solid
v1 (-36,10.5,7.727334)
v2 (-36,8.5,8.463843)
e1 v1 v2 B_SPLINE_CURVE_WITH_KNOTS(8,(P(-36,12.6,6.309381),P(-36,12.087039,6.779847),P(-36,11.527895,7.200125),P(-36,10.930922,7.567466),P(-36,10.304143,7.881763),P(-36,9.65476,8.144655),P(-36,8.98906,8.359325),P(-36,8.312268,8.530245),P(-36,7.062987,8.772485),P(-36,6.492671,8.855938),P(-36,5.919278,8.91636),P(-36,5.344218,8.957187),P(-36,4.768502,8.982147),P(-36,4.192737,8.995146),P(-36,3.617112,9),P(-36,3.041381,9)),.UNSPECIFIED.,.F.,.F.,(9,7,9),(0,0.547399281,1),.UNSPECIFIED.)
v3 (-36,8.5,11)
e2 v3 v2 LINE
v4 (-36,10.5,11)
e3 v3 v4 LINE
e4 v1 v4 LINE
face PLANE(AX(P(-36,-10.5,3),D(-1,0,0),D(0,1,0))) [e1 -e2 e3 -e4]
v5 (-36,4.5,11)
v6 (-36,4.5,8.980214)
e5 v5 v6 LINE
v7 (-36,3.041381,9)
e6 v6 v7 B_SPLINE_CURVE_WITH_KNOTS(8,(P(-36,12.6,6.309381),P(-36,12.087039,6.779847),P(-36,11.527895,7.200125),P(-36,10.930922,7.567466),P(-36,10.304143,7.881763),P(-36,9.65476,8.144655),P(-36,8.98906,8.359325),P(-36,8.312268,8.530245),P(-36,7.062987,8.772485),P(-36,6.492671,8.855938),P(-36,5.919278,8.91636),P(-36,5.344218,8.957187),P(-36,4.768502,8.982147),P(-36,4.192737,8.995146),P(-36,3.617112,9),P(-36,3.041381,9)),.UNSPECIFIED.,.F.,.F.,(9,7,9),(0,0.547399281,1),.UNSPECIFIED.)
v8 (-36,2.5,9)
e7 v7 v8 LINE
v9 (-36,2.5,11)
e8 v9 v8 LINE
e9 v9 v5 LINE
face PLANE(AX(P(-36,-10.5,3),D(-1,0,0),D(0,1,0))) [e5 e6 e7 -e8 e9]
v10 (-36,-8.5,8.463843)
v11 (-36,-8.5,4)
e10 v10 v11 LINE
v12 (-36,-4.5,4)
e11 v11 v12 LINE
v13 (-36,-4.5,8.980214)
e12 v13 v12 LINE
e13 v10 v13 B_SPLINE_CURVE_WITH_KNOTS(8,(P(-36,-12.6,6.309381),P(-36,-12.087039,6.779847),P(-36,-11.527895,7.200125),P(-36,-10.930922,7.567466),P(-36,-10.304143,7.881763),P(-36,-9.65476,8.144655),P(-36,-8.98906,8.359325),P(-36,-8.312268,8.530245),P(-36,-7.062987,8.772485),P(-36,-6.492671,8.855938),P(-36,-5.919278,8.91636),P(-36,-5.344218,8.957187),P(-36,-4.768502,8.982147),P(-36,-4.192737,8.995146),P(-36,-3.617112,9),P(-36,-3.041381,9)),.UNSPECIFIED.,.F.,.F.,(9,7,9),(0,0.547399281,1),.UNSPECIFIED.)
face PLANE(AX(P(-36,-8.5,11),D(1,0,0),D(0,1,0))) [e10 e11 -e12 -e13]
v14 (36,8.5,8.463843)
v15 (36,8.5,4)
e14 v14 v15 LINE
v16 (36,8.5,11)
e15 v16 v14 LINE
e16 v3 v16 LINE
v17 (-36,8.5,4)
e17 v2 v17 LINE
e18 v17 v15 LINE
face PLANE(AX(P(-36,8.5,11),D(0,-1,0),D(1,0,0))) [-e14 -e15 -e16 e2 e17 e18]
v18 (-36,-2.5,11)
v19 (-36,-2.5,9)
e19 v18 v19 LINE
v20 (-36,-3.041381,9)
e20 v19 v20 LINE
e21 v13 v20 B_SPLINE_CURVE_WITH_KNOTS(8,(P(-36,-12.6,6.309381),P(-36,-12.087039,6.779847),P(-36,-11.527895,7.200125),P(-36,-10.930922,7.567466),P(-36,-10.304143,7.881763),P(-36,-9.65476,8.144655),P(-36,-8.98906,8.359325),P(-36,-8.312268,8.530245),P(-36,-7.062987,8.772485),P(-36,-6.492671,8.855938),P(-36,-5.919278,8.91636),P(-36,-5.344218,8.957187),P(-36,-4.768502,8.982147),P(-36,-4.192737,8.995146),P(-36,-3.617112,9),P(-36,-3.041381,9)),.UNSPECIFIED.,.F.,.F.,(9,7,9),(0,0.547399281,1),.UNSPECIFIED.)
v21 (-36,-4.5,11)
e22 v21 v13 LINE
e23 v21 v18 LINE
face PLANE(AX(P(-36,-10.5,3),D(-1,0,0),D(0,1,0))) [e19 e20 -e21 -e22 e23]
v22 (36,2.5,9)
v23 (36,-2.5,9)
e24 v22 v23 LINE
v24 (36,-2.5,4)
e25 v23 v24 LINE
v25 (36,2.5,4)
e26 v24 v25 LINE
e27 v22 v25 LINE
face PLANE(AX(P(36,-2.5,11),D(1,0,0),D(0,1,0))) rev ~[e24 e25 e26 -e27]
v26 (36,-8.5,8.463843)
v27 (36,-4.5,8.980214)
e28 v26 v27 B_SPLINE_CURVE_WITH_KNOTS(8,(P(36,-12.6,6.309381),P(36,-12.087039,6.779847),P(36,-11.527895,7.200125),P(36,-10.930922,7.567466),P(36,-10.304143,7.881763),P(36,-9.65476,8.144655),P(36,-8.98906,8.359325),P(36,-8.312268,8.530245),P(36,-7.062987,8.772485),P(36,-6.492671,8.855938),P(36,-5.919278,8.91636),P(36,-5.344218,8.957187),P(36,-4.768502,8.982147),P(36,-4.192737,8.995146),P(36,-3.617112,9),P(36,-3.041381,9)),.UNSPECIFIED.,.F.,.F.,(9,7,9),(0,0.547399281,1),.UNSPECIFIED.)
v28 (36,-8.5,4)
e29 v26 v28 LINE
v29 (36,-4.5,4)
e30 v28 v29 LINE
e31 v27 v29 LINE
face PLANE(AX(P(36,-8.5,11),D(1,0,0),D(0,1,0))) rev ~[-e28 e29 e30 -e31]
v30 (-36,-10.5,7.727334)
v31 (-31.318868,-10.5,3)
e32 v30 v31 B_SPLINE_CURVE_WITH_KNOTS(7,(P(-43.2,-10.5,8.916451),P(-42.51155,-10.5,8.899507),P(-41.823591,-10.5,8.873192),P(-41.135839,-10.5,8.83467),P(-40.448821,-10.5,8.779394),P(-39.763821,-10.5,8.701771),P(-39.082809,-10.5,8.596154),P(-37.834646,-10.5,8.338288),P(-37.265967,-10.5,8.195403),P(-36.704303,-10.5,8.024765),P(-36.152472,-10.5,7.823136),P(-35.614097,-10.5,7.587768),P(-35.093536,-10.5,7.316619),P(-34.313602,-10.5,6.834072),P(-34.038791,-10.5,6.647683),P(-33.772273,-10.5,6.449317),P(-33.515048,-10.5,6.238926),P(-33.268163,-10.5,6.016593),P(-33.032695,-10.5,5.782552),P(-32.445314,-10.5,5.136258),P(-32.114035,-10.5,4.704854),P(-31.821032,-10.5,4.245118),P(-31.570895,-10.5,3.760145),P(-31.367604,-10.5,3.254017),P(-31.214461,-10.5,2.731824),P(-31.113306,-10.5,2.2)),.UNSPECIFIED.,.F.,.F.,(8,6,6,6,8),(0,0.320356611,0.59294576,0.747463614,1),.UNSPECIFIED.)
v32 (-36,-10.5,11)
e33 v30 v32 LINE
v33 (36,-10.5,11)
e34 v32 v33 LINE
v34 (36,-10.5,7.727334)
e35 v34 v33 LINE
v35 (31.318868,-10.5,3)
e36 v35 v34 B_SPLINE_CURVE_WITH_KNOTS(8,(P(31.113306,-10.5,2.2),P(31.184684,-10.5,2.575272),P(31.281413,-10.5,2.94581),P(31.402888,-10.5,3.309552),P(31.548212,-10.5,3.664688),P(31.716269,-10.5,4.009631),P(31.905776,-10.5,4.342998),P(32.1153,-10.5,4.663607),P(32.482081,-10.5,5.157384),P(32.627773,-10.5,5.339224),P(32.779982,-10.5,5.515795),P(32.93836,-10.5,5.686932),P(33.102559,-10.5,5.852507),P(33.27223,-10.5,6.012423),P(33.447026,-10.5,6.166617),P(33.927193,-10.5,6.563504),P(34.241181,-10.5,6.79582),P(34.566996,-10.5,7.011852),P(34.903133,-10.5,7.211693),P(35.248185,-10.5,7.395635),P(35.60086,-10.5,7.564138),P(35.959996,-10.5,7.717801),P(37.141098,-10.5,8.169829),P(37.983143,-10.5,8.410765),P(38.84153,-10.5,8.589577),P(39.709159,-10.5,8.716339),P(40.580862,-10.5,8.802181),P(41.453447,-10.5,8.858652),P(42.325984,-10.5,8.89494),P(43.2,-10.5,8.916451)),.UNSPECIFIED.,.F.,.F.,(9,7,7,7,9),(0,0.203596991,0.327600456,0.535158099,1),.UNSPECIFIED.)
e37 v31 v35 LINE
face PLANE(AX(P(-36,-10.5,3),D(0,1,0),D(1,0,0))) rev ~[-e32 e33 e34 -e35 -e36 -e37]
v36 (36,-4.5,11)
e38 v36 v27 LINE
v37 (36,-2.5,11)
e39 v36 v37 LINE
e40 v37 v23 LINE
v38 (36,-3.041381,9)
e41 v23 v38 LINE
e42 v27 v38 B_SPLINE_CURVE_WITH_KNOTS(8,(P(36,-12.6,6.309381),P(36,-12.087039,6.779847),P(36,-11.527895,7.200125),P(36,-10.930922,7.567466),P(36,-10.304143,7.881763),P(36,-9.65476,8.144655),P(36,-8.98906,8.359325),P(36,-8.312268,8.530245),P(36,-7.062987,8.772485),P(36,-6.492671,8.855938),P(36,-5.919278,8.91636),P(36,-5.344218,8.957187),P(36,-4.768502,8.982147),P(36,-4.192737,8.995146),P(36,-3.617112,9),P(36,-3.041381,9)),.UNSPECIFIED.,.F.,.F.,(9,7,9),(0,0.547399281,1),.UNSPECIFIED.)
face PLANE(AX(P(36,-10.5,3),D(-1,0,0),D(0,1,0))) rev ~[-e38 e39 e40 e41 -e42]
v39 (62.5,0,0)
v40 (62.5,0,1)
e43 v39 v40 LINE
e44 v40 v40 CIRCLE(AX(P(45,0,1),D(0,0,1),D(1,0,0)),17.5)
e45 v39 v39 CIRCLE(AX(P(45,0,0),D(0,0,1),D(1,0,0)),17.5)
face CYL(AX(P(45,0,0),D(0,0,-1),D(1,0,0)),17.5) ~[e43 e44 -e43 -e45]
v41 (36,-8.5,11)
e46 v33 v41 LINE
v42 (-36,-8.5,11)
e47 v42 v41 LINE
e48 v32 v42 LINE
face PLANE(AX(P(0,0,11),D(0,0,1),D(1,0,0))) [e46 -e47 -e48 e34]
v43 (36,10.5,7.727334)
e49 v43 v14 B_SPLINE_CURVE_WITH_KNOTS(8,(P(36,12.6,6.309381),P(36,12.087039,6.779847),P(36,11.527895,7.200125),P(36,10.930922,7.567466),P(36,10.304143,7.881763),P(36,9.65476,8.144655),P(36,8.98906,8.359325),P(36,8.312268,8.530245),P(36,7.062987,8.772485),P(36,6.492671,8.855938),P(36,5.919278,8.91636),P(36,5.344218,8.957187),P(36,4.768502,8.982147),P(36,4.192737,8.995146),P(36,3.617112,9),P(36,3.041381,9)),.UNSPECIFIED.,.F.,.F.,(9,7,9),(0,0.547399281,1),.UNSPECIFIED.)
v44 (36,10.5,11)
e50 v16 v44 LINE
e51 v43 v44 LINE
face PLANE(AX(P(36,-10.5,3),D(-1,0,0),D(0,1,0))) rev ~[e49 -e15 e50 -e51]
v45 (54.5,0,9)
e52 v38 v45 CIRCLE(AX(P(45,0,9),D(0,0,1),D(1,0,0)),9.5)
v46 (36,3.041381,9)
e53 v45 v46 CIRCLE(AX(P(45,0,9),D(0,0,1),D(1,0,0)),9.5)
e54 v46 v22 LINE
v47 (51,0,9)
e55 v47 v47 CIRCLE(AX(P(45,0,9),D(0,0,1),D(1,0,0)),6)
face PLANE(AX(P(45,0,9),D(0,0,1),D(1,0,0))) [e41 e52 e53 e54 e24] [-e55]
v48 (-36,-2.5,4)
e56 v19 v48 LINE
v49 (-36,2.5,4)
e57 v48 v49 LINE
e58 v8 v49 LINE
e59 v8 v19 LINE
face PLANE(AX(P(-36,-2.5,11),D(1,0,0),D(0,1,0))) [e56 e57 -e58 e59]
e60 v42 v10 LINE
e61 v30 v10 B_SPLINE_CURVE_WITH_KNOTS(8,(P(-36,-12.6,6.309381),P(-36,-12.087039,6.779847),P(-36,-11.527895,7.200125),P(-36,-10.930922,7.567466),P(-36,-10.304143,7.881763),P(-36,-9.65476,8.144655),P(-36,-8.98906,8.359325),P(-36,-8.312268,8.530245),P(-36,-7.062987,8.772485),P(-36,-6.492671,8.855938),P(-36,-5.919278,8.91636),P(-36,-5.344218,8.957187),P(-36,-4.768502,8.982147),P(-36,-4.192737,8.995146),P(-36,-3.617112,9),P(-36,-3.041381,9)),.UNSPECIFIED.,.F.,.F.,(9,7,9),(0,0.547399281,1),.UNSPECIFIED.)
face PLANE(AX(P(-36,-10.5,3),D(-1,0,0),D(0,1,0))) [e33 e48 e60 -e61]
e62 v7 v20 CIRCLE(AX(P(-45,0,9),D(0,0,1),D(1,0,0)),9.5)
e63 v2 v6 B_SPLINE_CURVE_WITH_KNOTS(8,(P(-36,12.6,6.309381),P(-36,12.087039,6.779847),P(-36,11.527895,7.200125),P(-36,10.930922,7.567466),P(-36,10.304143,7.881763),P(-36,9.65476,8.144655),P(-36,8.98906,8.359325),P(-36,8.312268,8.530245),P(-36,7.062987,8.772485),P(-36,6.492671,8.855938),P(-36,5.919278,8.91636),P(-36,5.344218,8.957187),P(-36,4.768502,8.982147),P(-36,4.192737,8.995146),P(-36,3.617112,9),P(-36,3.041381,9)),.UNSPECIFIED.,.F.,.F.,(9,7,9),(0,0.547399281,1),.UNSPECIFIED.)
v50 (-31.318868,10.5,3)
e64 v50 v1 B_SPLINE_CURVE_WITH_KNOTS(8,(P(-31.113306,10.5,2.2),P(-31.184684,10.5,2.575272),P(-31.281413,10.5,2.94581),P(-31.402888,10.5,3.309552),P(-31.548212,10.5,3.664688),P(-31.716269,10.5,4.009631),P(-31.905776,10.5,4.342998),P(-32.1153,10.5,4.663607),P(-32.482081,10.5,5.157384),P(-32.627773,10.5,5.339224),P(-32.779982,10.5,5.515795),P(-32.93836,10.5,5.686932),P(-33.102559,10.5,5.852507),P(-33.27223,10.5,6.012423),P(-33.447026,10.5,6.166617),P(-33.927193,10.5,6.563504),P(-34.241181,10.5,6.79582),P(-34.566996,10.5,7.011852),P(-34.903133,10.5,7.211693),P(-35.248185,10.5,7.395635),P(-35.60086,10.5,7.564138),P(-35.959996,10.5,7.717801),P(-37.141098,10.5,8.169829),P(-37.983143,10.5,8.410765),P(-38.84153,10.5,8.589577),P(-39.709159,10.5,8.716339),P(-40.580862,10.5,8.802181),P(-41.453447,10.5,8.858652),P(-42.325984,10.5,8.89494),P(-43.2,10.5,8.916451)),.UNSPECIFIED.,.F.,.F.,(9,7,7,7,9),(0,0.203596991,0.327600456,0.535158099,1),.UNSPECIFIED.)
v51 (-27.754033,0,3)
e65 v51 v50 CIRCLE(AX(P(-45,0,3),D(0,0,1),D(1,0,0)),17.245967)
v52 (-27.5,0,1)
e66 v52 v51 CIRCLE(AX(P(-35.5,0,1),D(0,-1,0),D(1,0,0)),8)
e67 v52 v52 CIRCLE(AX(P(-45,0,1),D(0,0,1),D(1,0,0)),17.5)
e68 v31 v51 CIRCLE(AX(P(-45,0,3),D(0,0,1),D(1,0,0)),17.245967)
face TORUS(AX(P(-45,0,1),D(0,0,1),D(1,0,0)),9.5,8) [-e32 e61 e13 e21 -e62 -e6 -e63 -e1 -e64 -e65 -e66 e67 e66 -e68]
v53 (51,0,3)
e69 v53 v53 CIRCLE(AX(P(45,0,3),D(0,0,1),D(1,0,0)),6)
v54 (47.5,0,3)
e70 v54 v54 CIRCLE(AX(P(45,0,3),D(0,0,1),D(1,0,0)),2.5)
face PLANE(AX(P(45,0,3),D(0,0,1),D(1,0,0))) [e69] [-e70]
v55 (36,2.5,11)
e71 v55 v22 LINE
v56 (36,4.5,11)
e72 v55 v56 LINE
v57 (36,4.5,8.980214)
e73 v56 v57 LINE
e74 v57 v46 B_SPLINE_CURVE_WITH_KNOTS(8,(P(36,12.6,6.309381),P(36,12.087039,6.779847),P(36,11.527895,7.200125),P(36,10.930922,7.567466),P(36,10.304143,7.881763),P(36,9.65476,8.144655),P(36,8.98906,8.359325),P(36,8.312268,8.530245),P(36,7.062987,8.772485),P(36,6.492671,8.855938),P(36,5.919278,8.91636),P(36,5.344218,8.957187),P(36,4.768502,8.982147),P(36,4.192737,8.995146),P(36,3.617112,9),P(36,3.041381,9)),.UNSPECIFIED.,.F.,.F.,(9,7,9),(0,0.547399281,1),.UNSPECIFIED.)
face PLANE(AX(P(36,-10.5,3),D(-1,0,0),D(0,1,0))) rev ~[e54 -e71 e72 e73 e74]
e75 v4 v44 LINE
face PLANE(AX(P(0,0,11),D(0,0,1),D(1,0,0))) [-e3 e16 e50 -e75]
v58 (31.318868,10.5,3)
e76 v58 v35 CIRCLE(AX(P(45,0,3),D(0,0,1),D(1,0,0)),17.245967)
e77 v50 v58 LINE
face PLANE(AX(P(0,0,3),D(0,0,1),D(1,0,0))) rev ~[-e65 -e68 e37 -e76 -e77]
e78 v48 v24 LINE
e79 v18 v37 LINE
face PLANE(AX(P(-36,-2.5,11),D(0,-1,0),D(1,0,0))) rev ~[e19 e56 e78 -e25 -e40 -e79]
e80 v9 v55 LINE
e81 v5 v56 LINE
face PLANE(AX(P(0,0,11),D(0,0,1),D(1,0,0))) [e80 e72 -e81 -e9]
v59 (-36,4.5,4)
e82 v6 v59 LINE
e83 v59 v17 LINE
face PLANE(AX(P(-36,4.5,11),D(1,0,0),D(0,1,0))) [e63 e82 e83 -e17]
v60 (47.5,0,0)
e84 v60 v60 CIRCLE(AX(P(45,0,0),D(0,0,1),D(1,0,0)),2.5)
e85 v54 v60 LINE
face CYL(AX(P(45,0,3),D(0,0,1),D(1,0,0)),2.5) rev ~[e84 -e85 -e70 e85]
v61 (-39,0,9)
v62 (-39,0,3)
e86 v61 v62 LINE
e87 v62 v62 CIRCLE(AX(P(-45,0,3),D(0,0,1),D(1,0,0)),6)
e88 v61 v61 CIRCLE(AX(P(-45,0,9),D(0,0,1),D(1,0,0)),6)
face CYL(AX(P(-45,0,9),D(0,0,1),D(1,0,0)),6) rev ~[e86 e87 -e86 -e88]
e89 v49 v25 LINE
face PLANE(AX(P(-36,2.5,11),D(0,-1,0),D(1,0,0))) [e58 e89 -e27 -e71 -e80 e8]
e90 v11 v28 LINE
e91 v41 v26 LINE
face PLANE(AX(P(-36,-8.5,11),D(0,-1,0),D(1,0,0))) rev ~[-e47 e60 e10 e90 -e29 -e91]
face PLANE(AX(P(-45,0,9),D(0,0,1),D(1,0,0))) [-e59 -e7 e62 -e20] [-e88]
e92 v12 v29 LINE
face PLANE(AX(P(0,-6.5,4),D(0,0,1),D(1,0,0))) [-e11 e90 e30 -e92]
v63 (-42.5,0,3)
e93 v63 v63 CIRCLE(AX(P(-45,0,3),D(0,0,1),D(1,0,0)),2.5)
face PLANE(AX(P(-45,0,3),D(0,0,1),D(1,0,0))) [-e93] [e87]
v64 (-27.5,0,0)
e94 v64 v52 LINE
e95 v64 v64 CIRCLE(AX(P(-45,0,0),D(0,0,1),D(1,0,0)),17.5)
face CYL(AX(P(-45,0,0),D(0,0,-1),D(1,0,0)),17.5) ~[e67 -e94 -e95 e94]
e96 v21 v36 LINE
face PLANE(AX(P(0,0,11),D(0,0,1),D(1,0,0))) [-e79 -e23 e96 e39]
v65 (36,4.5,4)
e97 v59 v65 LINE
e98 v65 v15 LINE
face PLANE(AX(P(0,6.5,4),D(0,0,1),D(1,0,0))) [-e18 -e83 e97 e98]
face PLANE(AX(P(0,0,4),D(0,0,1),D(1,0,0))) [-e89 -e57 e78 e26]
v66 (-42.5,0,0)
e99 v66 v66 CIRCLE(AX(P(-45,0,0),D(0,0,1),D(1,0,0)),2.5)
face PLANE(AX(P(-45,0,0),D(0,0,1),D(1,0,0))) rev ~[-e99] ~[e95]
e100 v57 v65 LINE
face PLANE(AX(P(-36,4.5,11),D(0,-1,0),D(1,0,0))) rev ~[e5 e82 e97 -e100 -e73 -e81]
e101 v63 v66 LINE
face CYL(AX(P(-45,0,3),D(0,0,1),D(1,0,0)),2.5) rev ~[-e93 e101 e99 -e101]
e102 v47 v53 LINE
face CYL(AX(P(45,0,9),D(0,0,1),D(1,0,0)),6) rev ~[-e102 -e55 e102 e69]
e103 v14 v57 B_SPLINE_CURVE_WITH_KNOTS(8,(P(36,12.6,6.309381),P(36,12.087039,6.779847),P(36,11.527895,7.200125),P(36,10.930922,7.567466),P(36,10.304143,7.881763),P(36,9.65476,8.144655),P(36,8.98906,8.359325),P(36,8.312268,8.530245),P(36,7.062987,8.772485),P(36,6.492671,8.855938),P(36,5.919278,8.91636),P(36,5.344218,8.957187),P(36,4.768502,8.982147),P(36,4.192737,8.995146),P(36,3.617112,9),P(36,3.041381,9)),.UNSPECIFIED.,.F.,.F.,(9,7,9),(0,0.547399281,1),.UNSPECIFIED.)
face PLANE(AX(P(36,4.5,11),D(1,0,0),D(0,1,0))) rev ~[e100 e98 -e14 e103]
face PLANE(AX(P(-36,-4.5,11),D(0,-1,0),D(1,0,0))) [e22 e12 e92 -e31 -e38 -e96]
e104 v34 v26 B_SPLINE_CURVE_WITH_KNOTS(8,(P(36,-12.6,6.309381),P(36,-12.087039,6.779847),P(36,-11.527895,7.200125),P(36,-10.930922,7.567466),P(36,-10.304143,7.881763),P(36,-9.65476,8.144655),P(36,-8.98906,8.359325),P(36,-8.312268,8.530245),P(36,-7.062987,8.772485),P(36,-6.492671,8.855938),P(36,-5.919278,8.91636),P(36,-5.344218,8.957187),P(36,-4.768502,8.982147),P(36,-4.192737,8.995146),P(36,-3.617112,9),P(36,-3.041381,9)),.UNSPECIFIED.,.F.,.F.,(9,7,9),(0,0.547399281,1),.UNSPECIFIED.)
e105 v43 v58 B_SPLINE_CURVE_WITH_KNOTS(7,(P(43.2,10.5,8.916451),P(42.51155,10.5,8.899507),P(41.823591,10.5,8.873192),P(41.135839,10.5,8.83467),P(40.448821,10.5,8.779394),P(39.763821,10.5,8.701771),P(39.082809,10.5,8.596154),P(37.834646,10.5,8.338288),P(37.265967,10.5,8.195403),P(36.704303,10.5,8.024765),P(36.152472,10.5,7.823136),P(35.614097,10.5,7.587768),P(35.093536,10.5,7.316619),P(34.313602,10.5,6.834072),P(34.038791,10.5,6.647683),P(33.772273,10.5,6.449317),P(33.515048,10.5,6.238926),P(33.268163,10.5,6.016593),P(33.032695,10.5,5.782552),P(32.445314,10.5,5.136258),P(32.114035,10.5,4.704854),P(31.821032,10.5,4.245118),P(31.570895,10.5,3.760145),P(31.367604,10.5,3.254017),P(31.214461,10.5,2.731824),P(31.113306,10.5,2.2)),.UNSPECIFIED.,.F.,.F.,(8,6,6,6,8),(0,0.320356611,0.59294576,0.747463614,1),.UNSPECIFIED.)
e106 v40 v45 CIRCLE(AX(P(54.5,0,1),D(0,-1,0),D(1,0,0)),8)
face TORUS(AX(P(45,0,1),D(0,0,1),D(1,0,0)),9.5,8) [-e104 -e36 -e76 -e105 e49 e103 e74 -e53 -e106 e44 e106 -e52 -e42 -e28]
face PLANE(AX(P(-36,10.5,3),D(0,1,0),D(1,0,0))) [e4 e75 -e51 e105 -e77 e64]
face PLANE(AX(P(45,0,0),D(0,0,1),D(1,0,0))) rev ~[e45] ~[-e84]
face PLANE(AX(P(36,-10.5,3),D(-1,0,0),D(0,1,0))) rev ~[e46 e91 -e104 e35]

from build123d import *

# Parameters (mm, degrees)
CROQUIS1_R                = 17.5
SALIENTE_EXTRUIR1_DEPTH   = 9
SALIENTE_EXTRUIR1_2_DEPTH = 9
REDONDEO1_R               = 8
REDONDEO2_R               = 8
CROQUIS5_W                = 72
CROQUIS5_H                = 21
SALIENTE_EXTRUIR2_DEPTH   = 8
CROQUIS6_W                = 72
CROQUIS6_H                = 4
CROQUIS6_H_2              = 5
CORTAR_EXTRUIR1_DEPTH     = 7
CROQUIS8_R                = 6
CORTAR_EXTRUIR2_DEPTH     = 6
CROQUIS9_R                = 2.5
CORTAR_EXTRUIR3_DEPTH     = 66.394954068


with BuildPart() as part:
    # Croquis1 → Saliente-Extruir1 (new body)
    with BuildSketch(Plane.XY):
        with Locations((45, 0)):
            Circle(CROQUIS1_R)
    extrude(amount=SALIENTE_EXTRUIR1_DEPTH)

    # Redondeo2
    redondeo2_edges = [part.edges().sort_by_distance(p)[0] for p in [
        (27.5, 0, 9),
    ]]
    fillet(redondeo2_edges, radius=REDONDEO2_R)



with BuildPart() as body_2:
    # Croquis1 → Saliente-Extruir1 2 (new body)
    with BuildSketch(Plane.XY):
        with Locations((-45, 0)):
            Circle(CROQUIS1_R)
    extrude(amount=SALIENTE_EXTRUIR1_2_DEPTH)

    # Redondeo1
    redondeo1_edges = [body_2.edges().sort_by_distance(p)[0] for p in [
        (-62.5, 0, 9),
    ]]
    fillet(redondeo1_edges, radius=REDONDEO1_R)


with BuildPart() as part_1:
    add(part.part)

    add(body_2.part)  # Saliente-Extruir2 merges body 2
    # Croquis5 → Saliente-Extruir2 (add)
    with BuildSketch(Plane.XY.offset(3)):
        Rectangle(CROQUIS5_W, CROQUIS5_H)
    extrude(amount=SALIENTE_EXTRUIR2_DEPTH)

    # Croquis6 → Cortar-Extruir1 (cut)
    with BuildSketch(Plane.XY.offset(11)):
        with Locations((0, 6.5)):
            Rectangle(CROQUIS6_W, CROQUIS6_H)
        Rectangle(CROQUIS6_W, CROQUIS6_H_2)
        with Locations((0, -6.5)):
            Rectangle(CROQUIS6_W, CROQUIS6_H)
    extrude(amount=-CORTAR_EXTRUIR1_DEPTH, mode=Mode.SUBTRACT)

    # Croquis8 → Cortar-Extruir2 (cut)
    with BuildSketch(Plane.XY.offset(9)):
        with Locations((-45, 0)):
            Circle(CROQUIS8_R)
        with Locations((45, 0)):
            Circle(CROQUIS8_R)
    extrude(amount=-CORTAR_EXTRUIR2_DEPTH, mode=Mode.SUBTRACT)

    # Croquis9 → Cortar-Extruir3 (cut, through all)
    with BuildSketch(Plane.XY.offset(3)):
        with Locations((45, 0)):
            Circle(CROQUIS9_R)
        with Locations((-45, 0)):
            Circle(CROQUIS9_R)
    extrude(amount=-CORTAR_EXTRUIR3_DEPTH, mode=Mode.SUBTRACT)


solid = part_1.part
